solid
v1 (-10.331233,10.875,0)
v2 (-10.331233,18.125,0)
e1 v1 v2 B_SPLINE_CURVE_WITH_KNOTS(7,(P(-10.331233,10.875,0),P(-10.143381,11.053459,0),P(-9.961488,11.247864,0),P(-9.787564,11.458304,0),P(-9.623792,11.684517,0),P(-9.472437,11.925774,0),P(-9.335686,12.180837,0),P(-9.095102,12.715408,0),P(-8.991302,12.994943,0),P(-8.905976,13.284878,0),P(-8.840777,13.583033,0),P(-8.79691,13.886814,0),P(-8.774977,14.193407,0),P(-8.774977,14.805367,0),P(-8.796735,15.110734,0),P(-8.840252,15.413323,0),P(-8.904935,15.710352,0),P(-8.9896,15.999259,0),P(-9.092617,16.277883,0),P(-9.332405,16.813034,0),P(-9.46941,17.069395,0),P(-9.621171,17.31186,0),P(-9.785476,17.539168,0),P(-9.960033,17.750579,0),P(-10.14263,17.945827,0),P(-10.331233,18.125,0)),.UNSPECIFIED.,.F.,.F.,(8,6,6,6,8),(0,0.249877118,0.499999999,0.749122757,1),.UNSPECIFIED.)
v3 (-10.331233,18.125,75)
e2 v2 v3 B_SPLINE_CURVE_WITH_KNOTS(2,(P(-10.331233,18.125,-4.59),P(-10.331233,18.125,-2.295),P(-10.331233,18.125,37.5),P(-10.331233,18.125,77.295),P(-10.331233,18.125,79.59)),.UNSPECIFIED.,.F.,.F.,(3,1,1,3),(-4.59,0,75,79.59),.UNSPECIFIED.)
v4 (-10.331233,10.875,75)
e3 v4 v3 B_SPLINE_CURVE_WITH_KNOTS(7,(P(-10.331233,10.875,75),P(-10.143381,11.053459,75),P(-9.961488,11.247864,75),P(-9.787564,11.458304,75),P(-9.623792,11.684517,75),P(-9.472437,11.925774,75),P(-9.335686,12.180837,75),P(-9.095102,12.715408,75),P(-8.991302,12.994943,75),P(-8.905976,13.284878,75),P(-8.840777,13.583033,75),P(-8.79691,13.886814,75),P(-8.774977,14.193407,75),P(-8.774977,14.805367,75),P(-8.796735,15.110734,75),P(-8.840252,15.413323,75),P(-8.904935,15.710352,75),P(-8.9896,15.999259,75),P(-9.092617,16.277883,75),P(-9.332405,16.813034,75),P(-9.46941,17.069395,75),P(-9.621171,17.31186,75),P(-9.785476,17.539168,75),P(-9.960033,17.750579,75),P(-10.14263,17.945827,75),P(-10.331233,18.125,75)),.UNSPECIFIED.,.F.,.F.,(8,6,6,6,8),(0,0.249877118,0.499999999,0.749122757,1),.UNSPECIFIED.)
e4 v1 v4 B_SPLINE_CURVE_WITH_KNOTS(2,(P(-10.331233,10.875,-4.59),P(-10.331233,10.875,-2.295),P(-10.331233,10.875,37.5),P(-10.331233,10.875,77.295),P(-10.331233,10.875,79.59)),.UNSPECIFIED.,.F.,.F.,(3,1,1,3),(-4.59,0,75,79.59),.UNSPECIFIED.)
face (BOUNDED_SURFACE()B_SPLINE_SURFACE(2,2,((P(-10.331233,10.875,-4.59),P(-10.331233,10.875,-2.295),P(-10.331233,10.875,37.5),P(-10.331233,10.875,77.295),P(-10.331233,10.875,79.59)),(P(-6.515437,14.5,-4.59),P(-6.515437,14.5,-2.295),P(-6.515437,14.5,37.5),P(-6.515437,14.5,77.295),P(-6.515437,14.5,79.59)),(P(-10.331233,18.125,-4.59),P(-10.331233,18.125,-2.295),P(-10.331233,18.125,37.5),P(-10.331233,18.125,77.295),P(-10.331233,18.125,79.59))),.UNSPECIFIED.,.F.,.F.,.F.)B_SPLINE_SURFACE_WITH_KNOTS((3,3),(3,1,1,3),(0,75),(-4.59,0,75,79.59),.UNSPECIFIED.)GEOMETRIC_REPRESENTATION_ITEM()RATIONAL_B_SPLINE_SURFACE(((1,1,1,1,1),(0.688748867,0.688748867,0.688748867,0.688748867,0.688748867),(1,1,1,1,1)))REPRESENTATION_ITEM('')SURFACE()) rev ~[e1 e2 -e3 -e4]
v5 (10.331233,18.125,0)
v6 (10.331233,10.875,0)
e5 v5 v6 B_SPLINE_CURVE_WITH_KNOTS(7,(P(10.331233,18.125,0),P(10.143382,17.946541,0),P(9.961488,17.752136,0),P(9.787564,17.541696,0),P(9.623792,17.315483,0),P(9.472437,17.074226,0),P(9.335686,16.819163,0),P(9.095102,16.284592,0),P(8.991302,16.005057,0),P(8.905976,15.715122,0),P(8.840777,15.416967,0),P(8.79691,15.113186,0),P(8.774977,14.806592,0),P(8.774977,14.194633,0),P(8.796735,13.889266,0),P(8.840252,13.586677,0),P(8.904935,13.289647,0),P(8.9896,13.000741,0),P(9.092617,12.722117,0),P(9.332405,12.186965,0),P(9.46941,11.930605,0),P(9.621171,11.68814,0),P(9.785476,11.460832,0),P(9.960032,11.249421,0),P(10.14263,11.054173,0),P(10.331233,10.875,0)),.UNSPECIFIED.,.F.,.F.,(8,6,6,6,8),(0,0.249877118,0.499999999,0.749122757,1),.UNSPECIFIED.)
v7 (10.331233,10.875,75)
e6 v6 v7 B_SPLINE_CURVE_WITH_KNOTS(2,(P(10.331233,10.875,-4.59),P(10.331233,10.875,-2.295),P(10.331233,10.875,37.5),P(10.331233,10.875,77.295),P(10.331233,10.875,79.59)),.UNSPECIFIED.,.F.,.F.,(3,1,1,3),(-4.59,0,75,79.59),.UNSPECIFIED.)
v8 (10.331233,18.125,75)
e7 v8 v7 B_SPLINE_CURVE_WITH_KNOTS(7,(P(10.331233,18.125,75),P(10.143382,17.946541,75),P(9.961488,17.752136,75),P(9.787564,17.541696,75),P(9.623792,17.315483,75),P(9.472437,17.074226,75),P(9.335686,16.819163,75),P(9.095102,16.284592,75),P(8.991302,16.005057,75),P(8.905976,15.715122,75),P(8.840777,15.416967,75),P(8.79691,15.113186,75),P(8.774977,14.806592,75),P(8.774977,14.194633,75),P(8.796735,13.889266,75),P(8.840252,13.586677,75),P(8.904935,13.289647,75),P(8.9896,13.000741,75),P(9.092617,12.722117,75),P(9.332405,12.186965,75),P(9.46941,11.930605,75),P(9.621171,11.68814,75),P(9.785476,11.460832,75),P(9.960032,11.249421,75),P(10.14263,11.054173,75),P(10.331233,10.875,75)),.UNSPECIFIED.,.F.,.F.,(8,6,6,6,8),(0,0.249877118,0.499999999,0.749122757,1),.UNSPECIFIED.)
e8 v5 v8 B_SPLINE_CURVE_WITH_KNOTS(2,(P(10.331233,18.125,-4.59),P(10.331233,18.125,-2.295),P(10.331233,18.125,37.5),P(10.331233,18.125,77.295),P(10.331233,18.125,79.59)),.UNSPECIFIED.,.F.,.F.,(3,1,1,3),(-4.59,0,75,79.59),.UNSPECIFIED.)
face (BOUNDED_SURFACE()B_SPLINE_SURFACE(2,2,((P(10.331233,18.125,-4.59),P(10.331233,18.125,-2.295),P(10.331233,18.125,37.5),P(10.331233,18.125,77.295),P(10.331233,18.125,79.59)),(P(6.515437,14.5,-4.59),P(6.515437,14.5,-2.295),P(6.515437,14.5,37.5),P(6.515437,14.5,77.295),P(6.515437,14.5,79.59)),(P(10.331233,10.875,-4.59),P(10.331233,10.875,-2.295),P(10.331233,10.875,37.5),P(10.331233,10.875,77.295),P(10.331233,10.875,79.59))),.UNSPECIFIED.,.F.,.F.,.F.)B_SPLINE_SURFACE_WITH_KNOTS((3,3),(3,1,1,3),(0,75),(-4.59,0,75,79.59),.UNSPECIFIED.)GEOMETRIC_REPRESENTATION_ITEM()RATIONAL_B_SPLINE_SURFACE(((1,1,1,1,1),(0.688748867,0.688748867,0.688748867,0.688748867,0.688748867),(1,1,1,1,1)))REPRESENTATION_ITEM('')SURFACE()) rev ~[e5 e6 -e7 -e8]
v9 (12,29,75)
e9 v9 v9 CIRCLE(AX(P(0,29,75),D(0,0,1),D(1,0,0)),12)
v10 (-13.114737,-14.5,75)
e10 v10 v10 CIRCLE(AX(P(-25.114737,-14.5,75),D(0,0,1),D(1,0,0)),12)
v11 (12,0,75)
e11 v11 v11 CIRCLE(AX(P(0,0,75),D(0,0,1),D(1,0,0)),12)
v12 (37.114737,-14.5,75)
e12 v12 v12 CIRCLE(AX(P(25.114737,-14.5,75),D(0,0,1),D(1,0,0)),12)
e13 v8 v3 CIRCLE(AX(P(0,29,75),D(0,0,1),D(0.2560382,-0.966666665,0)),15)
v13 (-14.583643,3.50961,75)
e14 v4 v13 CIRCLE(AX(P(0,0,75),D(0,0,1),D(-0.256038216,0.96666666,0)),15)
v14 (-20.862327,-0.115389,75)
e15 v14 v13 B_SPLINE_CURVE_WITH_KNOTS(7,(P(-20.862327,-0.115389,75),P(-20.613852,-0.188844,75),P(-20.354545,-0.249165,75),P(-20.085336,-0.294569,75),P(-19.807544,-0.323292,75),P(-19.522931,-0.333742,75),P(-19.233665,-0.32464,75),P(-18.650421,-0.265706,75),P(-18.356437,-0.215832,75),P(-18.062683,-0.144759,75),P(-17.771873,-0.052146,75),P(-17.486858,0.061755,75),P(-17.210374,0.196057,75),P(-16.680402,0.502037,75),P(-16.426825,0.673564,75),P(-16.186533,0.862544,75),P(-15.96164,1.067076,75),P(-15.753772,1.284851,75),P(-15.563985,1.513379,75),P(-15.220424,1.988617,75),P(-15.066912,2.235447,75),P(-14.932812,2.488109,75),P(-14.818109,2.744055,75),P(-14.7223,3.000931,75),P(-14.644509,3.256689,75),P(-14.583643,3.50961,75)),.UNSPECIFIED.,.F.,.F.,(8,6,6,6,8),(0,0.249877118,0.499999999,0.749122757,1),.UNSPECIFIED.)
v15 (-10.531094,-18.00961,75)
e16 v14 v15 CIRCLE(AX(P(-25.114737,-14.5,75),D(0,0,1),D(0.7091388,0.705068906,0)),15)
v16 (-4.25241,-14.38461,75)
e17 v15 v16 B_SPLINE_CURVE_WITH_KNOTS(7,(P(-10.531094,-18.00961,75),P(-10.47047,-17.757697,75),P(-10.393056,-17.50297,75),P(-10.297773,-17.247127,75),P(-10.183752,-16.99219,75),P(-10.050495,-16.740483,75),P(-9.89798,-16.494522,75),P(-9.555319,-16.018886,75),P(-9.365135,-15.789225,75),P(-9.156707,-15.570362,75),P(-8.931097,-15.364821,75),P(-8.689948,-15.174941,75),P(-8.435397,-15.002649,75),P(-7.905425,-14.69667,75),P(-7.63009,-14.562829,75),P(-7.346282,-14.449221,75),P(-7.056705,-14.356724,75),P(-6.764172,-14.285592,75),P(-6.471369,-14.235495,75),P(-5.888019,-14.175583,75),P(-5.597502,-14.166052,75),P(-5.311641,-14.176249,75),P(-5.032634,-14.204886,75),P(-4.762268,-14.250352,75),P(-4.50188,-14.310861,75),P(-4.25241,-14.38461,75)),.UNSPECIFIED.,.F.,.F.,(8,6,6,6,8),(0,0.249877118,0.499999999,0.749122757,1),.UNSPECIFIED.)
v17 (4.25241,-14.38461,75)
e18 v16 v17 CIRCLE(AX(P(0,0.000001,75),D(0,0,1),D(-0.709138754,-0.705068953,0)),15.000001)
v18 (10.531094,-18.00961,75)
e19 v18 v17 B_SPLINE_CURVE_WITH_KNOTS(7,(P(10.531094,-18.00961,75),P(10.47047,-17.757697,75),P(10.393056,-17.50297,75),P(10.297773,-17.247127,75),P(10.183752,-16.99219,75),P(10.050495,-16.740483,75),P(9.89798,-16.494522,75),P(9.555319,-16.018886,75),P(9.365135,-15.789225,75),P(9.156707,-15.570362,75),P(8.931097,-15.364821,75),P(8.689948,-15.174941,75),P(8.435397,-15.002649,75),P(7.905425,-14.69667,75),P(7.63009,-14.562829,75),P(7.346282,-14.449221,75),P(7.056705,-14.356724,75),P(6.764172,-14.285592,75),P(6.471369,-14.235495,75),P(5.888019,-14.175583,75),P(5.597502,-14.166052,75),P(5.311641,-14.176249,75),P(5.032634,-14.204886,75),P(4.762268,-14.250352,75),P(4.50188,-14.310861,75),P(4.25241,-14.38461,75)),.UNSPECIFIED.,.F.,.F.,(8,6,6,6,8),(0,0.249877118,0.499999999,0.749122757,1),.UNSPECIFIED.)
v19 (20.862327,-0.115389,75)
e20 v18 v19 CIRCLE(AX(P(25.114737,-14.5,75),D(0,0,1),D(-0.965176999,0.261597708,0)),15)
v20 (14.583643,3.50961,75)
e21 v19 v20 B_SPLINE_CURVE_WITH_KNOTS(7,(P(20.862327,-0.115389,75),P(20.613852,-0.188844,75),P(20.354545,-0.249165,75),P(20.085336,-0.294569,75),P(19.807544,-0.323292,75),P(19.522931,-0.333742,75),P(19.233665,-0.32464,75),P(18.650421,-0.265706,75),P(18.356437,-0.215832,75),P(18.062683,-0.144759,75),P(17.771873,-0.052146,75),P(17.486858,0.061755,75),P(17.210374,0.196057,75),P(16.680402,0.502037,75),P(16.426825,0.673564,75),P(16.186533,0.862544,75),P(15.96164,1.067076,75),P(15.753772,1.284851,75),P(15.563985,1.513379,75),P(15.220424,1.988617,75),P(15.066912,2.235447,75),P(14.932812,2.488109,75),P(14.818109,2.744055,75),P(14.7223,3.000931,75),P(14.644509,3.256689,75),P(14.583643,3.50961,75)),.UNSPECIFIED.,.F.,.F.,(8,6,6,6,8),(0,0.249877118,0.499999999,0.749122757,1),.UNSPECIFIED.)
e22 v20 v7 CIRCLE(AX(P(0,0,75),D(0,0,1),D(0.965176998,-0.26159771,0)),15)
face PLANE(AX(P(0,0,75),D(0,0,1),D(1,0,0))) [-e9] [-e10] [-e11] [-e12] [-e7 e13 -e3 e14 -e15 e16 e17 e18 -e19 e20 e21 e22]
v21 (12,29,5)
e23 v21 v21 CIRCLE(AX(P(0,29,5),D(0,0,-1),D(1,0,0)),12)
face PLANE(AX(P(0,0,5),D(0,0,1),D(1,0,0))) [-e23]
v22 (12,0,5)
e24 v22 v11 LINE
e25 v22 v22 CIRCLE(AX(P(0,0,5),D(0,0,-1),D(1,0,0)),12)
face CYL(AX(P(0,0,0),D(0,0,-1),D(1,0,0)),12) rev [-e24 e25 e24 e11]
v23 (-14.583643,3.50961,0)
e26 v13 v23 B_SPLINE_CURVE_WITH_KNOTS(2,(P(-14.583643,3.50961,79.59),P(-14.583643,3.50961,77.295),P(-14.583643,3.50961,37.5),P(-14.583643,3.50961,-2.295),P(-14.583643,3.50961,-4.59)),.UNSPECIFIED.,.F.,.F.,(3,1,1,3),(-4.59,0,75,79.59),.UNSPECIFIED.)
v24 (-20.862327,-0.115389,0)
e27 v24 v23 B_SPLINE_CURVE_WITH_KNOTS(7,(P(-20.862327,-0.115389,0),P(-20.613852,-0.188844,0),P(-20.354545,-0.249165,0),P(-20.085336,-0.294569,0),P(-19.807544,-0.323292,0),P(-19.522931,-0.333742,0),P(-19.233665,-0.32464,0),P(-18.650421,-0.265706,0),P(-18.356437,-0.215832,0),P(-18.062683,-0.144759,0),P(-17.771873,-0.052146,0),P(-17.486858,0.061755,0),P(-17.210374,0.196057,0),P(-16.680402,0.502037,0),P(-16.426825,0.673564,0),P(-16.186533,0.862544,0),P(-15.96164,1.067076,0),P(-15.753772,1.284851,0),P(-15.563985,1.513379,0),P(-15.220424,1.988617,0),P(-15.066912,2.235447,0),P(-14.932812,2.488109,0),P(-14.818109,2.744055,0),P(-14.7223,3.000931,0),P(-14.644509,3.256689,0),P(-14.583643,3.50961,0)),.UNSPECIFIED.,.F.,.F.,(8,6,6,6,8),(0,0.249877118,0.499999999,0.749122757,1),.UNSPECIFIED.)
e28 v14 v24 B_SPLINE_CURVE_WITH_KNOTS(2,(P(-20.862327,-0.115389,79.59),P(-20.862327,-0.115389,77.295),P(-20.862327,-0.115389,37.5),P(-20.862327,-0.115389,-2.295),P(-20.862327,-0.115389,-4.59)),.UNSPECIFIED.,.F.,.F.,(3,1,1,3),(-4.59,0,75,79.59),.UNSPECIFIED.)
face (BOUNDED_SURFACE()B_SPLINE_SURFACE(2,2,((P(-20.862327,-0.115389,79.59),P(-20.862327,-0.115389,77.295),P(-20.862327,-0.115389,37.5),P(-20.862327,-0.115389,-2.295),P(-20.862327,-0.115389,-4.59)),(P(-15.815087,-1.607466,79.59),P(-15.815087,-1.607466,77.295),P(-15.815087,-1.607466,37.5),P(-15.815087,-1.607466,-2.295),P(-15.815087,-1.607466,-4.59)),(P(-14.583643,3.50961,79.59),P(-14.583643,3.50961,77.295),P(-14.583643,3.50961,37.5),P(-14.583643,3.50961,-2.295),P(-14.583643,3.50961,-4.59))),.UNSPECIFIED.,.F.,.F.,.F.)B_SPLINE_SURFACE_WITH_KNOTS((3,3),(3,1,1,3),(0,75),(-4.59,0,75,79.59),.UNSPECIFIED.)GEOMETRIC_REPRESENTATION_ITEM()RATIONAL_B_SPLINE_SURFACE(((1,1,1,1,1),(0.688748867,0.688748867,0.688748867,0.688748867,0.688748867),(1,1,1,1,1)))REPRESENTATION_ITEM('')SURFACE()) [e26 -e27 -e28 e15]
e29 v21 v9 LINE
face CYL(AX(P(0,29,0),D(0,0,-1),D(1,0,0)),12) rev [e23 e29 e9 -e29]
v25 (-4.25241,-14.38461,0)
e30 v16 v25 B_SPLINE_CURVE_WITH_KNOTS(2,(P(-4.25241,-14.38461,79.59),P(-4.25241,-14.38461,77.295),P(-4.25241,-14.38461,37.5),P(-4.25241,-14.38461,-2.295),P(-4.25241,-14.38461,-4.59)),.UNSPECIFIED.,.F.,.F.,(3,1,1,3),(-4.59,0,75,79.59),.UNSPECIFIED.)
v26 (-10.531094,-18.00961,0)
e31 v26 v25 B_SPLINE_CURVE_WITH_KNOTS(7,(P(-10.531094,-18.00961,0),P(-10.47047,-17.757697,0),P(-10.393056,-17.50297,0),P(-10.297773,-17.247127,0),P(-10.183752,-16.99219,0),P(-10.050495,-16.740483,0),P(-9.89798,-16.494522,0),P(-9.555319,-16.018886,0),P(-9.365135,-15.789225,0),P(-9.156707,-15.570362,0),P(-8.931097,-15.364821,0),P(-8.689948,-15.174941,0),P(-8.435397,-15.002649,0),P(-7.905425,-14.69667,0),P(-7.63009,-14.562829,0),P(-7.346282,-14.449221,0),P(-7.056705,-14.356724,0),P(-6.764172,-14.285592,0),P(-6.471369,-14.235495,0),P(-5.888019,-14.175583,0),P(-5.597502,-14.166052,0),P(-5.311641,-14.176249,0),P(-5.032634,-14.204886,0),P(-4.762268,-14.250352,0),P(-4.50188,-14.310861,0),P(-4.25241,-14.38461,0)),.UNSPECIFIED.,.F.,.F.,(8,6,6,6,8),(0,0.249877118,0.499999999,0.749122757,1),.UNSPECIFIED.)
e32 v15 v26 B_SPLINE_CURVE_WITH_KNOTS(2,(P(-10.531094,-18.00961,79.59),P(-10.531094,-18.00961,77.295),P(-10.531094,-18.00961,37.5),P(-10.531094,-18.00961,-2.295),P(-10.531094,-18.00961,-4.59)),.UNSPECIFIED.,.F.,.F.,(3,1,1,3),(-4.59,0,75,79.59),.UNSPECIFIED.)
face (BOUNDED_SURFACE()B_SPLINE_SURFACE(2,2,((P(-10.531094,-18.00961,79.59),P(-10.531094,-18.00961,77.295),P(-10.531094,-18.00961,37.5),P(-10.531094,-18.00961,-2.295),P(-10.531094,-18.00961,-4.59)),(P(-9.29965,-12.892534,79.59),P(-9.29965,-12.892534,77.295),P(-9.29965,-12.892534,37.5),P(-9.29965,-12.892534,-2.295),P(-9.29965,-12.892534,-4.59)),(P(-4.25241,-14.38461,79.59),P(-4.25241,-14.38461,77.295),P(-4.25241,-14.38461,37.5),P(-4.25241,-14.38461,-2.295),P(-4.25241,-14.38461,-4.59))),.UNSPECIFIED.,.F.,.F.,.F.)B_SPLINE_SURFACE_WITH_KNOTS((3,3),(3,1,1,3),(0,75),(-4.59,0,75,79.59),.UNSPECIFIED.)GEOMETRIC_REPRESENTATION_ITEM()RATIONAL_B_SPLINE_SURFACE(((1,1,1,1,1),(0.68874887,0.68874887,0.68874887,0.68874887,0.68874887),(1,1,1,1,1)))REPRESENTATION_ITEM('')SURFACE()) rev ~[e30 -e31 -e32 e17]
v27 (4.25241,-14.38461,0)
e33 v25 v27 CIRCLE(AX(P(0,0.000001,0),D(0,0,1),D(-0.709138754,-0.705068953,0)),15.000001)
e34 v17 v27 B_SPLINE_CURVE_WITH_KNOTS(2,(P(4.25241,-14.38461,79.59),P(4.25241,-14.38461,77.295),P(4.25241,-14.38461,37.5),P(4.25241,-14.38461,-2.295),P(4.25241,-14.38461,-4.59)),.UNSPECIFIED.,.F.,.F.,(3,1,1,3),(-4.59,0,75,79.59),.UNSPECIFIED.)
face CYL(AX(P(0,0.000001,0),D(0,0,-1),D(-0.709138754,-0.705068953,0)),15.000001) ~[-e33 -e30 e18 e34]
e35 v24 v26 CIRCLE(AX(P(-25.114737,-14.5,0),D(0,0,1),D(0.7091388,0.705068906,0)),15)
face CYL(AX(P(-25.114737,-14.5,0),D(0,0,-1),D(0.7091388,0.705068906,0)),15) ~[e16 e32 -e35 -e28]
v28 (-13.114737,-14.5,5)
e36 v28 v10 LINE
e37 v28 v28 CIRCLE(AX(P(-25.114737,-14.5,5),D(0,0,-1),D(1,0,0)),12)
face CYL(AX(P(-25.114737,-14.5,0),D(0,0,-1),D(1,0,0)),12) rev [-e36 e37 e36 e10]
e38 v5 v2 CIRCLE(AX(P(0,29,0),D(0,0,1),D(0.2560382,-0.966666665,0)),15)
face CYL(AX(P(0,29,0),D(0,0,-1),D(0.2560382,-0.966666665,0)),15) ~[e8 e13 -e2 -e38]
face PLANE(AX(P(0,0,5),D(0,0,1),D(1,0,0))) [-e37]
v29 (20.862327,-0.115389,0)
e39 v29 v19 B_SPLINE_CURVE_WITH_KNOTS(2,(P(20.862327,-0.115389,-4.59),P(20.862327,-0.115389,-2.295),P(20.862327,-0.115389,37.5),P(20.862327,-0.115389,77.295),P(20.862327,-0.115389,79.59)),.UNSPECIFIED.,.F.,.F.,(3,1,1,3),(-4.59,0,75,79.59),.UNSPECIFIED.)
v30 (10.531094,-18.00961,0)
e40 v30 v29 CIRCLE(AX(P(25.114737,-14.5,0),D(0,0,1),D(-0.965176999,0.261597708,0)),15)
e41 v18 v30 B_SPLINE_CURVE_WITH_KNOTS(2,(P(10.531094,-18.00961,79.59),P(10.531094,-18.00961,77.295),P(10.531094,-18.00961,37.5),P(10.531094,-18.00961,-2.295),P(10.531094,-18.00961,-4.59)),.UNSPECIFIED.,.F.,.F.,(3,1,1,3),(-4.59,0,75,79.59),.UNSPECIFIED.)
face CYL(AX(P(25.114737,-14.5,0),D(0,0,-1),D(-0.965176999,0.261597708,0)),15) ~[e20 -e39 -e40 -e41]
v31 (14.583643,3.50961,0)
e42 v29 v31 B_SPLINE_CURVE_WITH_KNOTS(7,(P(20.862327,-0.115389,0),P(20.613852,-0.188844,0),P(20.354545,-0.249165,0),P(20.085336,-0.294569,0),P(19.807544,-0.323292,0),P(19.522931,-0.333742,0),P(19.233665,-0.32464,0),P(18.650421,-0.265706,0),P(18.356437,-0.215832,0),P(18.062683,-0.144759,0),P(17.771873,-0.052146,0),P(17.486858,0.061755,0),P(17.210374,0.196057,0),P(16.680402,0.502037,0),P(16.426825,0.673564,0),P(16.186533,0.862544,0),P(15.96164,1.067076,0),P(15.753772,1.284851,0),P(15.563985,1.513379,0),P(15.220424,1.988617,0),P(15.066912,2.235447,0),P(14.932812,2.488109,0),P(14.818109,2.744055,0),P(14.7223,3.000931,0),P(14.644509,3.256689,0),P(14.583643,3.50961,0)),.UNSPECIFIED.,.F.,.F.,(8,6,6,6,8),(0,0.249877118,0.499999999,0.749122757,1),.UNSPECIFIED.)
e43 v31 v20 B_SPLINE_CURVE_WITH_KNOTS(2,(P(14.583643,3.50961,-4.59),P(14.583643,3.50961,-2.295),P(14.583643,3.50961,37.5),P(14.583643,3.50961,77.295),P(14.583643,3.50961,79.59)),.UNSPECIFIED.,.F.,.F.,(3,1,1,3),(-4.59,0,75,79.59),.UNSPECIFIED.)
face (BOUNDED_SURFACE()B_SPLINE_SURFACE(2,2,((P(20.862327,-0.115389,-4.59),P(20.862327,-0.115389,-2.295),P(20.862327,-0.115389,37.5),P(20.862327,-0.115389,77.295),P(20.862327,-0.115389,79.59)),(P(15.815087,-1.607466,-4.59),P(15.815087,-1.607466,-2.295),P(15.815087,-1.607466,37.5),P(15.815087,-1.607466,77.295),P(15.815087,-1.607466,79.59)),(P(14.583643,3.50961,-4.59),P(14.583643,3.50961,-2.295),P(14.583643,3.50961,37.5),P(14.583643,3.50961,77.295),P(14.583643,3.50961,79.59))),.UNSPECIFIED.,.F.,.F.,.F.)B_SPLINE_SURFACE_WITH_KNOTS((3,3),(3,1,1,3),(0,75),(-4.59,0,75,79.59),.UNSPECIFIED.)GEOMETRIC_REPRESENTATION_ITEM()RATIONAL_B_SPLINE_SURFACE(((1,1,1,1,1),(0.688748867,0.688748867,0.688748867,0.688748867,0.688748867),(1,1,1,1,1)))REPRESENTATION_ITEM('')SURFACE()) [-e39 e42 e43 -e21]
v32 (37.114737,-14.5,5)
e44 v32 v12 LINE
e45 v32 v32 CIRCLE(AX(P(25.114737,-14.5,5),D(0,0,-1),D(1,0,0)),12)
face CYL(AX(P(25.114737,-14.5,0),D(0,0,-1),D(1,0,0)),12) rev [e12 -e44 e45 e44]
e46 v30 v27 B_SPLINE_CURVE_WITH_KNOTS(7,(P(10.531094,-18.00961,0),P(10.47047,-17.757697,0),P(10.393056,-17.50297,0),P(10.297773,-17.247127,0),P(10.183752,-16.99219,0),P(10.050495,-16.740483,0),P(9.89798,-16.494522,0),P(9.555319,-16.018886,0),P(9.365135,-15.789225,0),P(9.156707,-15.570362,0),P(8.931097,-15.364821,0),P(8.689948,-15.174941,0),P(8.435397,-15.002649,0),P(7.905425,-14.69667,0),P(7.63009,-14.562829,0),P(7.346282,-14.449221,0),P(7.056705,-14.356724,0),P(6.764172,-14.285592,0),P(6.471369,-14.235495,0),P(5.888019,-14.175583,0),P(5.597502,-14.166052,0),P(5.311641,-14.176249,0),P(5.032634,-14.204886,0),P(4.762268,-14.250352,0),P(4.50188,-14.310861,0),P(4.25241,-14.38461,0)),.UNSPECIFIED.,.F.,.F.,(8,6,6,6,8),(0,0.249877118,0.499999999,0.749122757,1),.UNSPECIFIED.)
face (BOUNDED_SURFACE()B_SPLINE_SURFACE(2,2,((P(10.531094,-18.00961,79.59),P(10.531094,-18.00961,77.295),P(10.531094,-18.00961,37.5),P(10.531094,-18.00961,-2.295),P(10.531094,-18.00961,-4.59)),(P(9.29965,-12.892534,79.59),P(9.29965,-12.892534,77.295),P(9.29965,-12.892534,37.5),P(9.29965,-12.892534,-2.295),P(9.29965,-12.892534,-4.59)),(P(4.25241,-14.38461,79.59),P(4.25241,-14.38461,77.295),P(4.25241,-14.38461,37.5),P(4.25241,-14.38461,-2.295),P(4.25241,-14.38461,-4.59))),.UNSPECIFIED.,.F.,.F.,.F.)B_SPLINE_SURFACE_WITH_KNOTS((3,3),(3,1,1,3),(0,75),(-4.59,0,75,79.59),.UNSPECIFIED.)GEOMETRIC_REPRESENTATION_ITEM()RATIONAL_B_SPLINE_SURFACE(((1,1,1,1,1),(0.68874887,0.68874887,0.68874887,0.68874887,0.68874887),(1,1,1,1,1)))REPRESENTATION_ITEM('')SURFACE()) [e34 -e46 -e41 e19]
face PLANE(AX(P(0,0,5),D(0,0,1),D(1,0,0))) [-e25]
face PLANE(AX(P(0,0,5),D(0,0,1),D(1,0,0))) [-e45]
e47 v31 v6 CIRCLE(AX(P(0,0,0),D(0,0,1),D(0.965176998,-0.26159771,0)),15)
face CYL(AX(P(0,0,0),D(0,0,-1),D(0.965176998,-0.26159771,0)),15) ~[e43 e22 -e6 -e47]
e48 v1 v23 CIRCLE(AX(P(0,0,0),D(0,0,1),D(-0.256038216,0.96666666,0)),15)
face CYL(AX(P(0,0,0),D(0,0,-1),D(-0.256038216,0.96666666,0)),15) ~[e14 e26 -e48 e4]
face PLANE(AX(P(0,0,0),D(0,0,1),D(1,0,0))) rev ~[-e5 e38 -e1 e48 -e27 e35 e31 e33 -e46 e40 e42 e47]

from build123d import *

# Parameters (mm, degrees)
F0_R     = 12
F1_DEPTH = 5
F2_DEPTH = 75
F3_R     = 5


with BuildPart() as f1:
    # F0 (on Top) → F1 (new body)
    with BuildSketch(Plane.XY):
        with BuildLine():
            ThreePointArc((10.637082, -10.576034), (38.105118, -22), (14.477655, -3.923966))
            ThreePointArc((14.477655, -3.923966), (12.990381, 7.5), (3.840573, 14.5))
            ThreePointArc((3.840573, 14.5), (0, 44), (-3.840573, 14.5))
            ThreePointArc((-3.840573, 14.5), (-12.990381, 7.5), (-14.477655, -3.923966))
            ThreePointArc((-14.477655, -3.923966), (-38.105118, -22), (-10.637082, -10.576034))
            ThreePointArc((-10.637082, -10.576034), (0, -15), (10.637082, -10.576034))
        make_face()
        with Locations((-25.114737, -14.5)):
            Circle(F0_R, mode=Mode.SUBTRACT)
        Circle(F0_R, mode=Mode.SUBTRACT)
        with Locations((25.114737, -14.5)):
            Circle(F0_R, mode=Mode.SUBTRACT)
        with Locations((0, 29)):
            Circle(F0_R, mode=Mode.SUBTRACT)
        with Locations((25.114737, -14.5)):
            Circle(F0_R)
        Circle(F0_R)
        with Locations((0, 29)):
            Circle(F0_R)
        with Locations((-25.114737, -14.5)):
            Circle(F0_R)
    extrude(amount=F1_DEPTH)

    # F0 (on Top) → F2 (join)
    with BuildSketch(Plane.XY):
        with BuildLine():
            ThreePointArc((10.637082, -10.576034), (38.105118, -22), (14.477655, -3.923966))
            ThreePointArc((14.477655, -3.923966), (12.990381, 7.5), (3.840573, 14.5))
            ThreePointArc((3.840573, 14.5), (0, 44), (-3.840573, 14.5))
            ThreePointArc((-3.840573, 14.5), (-12.990381, 7.5), (-14.477655, -3.923966))
            ThreePointArc((-14.477655, -3.923966), (-38.105118, -22), (-10.637082, -10.576034))
            ThreePointArc((-10.637082, -10.576034), (0, -15), (10.637082, -10.576034))
        make_face()
        with Locations((-25.114737, -14.5)):
            Circle(F0_R, mode=Mode.SUBTRACT)
        Circle(F0_R, mode=Mode.SUBTRACT)
        with Locations((25.114737, -14.5)):
            Circle(F0_R, mode=Mode.SUBTRACT)
        with Locations((0, 29)):
            Circle(F0_R, mode=Mode.SUBTRACT)
    extrude(amount=F2_DEPTH)

    # F3
    f3_edges = [f1.edges().sort_by_distance(p)[0] for p in [
        (3.840573, 14.5, 37.5),
        (14.477655, -3.923966, 37.5),
        (10.637082, -10.576034, 37.5),
        (-10.637082, -10.576034, 37.5),
        (-14.477655, -3.923966, 37.5),
        (-3.840573, 14.5, 37.5),
    ]]
    fillet(f3_edges, radius=F3_R)


solid = f1.part
